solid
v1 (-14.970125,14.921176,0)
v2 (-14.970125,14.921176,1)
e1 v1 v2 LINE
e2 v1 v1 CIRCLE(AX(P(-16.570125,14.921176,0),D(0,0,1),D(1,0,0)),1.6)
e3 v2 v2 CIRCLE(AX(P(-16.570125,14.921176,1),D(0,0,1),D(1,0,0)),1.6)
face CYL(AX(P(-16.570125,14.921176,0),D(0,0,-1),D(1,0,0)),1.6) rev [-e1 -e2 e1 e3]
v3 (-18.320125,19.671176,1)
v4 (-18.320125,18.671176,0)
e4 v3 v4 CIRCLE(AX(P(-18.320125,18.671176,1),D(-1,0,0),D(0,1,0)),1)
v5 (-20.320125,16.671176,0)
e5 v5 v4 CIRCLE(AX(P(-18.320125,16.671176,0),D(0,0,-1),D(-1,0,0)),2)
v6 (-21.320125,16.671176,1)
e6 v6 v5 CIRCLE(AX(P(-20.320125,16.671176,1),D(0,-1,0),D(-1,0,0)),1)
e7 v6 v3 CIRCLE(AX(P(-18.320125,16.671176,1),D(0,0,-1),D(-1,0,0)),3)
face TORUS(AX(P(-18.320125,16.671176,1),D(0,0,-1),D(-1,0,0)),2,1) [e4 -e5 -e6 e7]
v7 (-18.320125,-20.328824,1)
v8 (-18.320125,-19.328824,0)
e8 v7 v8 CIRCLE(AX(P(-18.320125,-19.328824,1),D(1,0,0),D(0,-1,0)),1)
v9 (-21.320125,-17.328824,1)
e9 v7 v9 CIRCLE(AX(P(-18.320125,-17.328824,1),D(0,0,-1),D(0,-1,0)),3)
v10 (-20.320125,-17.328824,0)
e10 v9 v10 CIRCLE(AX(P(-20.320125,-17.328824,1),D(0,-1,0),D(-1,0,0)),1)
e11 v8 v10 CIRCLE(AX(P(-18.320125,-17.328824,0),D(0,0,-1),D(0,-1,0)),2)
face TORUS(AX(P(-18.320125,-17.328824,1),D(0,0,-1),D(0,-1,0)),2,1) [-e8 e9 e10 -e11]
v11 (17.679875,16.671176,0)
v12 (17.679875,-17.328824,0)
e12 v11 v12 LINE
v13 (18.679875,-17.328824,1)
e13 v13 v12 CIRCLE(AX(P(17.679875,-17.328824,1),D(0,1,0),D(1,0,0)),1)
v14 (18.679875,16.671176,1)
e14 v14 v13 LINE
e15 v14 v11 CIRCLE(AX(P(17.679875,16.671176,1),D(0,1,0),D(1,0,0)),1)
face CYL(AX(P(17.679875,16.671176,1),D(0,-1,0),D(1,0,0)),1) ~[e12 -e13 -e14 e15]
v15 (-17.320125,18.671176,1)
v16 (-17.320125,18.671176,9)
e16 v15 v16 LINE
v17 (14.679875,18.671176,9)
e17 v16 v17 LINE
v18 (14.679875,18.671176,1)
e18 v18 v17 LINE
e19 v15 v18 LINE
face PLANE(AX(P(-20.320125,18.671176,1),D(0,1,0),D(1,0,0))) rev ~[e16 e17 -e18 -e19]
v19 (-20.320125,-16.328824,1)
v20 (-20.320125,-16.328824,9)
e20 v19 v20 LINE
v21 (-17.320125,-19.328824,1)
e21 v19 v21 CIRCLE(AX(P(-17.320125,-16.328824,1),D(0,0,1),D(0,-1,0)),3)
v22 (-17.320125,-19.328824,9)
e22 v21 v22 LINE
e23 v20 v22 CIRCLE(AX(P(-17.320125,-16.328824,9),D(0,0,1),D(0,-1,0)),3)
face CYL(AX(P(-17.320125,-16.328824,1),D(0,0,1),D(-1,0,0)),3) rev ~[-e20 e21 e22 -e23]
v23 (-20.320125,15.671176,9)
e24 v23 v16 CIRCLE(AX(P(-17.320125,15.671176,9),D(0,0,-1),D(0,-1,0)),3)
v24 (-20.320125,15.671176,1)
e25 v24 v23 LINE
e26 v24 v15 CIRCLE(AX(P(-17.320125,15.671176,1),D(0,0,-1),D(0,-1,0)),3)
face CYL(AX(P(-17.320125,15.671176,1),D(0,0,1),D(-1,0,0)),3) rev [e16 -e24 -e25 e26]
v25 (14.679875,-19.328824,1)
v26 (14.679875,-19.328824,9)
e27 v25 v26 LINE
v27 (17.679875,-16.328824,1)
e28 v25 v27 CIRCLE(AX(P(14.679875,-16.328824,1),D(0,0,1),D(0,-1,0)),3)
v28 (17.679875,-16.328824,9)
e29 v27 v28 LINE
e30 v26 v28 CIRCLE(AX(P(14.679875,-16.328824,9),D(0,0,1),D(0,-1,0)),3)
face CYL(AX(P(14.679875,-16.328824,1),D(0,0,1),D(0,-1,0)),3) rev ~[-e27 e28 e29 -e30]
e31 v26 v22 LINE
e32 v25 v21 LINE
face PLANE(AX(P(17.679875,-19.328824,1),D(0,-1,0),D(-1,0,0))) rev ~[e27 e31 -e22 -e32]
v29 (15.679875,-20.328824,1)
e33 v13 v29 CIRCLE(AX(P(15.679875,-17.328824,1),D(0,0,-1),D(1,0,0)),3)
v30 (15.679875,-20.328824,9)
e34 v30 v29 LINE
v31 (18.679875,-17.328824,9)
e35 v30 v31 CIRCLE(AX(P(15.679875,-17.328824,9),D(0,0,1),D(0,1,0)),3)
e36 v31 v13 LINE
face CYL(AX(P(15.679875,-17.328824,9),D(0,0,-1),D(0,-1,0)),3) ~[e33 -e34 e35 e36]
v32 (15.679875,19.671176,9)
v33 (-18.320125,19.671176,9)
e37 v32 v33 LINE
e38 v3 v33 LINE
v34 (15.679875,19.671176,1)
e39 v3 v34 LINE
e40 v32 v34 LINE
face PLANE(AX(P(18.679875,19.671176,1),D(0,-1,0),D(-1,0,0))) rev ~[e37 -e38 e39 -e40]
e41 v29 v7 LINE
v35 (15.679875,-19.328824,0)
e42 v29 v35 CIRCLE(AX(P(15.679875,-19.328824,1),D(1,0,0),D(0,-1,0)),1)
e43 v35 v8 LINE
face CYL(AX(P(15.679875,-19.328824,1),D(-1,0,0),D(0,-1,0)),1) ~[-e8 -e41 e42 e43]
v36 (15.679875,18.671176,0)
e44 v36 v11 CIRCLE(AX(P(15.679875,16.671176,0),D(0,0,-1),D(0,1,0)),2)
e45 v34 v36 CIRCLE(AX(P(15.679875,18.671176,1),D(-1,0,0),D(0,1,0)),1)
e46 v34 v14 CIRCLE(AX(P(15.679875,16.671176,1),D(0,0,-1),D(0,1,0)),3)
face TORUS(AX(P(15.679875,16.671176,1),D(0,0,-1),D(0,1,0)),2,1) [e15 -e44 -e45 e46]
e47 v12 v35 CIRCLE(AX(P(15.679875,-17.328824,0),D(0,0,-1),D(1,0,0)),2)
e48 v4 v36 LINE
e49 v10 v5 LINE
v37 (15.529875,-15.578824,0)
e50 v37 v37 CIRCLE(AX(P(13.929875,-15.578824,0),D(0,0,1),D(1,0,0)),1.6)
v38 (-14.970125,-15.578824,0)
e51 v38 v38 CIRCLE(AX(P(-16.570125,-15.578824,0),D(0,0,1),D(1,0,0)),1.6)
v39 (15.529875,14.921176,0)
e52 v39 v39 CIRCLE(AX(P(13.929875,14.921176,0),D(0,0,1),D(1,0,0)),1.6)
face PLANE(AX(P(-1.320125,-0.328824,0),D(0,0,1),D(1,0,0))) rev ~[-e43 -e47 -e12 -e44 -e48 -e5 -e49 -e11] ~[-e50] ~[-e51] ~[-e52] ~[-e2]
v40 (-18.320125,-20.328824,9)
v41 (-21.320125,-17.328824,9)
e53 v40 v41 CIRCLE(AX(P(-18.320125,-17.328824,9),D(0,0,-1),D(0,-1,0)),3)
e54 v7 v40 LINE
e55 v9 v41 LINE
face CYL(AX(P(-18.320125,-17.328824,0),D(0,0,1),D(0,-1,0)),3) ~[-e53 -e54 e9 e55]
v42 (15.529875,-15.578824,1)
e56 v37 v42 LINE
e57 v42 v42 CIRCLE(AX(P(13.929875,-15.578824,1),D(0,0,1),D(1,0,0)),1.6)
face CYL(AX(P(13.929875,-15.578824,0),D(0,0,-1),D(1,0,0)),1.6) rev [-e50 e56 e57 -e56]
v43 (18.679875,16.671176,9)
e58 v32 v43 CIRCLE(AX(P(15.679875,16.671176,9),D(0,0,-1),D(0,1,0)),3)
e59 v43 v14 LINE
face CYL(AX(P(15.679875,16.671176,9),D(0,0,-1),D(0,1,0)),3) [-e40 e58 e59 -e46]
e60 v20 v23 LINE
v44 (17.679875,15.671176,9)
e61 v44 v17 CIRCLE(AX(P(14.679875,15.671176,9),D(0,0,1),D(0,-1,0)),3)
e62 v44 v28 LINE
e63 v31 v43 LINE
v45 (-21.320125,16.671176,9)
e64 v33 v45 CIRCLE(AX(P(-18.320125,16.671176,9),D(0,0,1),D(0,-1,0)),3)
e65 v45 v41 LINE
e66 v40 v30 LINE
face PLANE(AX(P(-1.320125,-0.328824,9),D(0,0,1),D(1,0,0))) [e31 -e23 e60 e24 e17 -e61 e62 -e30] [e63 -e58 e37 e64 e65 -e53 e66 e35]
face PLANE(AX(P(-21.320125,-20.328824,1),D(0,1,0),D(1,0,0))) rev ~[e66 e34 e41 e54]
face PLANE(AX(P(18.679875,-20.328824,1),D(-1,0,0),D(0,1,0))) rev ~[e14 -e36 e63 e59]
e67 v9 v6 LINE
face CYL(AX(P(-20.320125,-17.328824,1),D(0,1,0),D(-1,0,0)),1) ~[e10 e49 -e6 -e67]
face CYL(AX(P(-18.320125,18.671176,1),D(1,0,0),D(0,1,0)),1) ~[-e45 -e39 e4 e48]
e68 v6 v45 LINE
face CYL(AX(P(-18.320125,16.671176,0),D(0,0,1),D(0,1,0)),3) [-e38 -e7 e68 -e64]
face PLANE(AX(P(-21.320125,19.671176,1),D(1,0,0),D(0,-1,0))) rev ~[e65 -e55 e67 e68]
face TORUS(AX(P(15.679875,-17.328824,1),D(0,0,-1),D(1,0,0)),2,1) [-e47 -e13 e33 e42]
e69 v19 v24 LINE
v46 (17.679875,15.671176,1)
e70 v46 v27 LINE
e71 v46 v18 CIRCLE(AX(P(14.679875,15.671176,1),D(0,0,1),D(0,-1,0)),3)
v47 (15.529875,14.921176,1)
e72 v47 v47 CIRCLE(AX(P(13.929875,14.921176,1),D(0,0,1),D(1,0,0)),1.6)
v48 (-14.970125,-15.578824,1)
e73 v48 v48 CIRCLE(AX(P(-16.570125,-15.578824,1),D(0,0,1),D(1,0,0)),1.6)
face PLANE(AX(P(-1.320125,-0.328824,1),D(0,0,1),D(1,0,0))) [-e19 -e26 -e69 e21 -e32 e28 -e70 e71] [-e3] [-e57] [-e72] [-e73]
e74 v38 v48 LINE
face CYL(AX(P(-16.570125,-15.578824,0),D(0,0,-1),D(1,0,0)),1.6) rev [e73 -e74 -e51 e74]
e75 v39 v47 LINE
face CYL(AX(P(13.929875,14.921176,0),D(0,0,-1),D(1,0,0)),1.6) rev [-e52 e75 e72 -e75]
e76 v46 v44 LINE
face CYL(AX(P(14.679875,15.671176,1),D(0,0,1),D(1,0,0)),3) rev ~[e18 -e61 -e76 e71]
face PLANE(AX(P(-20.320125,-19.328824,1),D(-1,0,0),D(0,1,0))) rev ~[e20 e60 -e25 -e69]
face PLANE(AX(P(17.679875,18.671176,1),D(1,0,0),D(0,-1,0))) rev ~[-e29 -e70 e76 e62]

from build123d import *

# Parameters (mm, degrees)
F0_W     = 40
F0_H     = 40
F0_R     = 1.6
F1_DEPTH = 1
F3_DEPTH = 8
F4_R     = 3
F5_R     = 1


with BuildPart() as f1:
    # F0 (on Top) → F1 (new body)
    with BuildSketch(Plane.XY):
        with Locations((-1.320125, -0.328824)):
            Rectangle(F0_W, F0_H)
        with Locations((-16.570125, -15.578824)):
            Circle(F0_R, mode=Mode.SUBTRACT)
        with Locations((13.929875, -15.578824)):
            Circle(F0_R, mode=Mode.SUBTRACT)
        with Locations((-16.570125, 14.921176)):
            Circle(F0_R, mode=Mode.SUBTRACT)
        with Locations((13.929875, 14.921176)):
            Circle(F0_R, mode=Mode.SUBTRACT)
    extrude(amount=F1_DEPTH)

    # F2 (on face) → F3 (join)
    with BuildSketch(Plane.XY.offset(1)):
        Polygon((18.679875, -15.328824), (18.679875, 14.671176), (18.679875, 19.671176), (13.679875, 19.671176), (-16.320125, 19.671176), (-21.320125, 19.671176), (-21.320125, 14.671176), (-21.320125, -15.328824), (-21.320125, -20.328824), (-16.320125, -20.328824), (13.679875, -20.328824), (18.679875, -20.328824), align=None)
        Polygon((17.679875, 18.671176), (17.679875, 14.671176), (17.679875, -15.328824), (17.679875, -19.328824), (13.679875, -19.328824), (-16.320125, -19.328824), (-20.320125, -19.328824), (-20.320125, -15.328824), (-20.320125, 14.671176), (-20.320125, 18.671176), (-16.320125, 18.671176), (13.679875, 18.671176), align=None, mode=Mode.SUBTRACT)
    extrude(amount=F3_DEPTH)

    # F4
    f4_edges = [f1.edges().sort_by_distance(p)[0] for p in [
        (-20.320125, -19.328824, 5),
        (-20.320125, 18.671176, 5),
        (17.679875, 18.671176, 5),
        (17.679875, -19.328824, 5),
        (18.679875, -20.328824, 4.5),
        (18.679875, 19.671176, 4.5),
        (-21.320125, 19.671176, 4.5),
        (-21.320125, -20.328824, 4.5),
    ]]
    fillet(f4_edges, radius=F4_R)

    # F5
    f5_edges = [f1.edges().sort_by_distance(p)[0] for p in [
        (-1.320125, 19.671176, 0),
    ]]
    fillet(f5_edges, radius=F5_R)


solid = f1.part
